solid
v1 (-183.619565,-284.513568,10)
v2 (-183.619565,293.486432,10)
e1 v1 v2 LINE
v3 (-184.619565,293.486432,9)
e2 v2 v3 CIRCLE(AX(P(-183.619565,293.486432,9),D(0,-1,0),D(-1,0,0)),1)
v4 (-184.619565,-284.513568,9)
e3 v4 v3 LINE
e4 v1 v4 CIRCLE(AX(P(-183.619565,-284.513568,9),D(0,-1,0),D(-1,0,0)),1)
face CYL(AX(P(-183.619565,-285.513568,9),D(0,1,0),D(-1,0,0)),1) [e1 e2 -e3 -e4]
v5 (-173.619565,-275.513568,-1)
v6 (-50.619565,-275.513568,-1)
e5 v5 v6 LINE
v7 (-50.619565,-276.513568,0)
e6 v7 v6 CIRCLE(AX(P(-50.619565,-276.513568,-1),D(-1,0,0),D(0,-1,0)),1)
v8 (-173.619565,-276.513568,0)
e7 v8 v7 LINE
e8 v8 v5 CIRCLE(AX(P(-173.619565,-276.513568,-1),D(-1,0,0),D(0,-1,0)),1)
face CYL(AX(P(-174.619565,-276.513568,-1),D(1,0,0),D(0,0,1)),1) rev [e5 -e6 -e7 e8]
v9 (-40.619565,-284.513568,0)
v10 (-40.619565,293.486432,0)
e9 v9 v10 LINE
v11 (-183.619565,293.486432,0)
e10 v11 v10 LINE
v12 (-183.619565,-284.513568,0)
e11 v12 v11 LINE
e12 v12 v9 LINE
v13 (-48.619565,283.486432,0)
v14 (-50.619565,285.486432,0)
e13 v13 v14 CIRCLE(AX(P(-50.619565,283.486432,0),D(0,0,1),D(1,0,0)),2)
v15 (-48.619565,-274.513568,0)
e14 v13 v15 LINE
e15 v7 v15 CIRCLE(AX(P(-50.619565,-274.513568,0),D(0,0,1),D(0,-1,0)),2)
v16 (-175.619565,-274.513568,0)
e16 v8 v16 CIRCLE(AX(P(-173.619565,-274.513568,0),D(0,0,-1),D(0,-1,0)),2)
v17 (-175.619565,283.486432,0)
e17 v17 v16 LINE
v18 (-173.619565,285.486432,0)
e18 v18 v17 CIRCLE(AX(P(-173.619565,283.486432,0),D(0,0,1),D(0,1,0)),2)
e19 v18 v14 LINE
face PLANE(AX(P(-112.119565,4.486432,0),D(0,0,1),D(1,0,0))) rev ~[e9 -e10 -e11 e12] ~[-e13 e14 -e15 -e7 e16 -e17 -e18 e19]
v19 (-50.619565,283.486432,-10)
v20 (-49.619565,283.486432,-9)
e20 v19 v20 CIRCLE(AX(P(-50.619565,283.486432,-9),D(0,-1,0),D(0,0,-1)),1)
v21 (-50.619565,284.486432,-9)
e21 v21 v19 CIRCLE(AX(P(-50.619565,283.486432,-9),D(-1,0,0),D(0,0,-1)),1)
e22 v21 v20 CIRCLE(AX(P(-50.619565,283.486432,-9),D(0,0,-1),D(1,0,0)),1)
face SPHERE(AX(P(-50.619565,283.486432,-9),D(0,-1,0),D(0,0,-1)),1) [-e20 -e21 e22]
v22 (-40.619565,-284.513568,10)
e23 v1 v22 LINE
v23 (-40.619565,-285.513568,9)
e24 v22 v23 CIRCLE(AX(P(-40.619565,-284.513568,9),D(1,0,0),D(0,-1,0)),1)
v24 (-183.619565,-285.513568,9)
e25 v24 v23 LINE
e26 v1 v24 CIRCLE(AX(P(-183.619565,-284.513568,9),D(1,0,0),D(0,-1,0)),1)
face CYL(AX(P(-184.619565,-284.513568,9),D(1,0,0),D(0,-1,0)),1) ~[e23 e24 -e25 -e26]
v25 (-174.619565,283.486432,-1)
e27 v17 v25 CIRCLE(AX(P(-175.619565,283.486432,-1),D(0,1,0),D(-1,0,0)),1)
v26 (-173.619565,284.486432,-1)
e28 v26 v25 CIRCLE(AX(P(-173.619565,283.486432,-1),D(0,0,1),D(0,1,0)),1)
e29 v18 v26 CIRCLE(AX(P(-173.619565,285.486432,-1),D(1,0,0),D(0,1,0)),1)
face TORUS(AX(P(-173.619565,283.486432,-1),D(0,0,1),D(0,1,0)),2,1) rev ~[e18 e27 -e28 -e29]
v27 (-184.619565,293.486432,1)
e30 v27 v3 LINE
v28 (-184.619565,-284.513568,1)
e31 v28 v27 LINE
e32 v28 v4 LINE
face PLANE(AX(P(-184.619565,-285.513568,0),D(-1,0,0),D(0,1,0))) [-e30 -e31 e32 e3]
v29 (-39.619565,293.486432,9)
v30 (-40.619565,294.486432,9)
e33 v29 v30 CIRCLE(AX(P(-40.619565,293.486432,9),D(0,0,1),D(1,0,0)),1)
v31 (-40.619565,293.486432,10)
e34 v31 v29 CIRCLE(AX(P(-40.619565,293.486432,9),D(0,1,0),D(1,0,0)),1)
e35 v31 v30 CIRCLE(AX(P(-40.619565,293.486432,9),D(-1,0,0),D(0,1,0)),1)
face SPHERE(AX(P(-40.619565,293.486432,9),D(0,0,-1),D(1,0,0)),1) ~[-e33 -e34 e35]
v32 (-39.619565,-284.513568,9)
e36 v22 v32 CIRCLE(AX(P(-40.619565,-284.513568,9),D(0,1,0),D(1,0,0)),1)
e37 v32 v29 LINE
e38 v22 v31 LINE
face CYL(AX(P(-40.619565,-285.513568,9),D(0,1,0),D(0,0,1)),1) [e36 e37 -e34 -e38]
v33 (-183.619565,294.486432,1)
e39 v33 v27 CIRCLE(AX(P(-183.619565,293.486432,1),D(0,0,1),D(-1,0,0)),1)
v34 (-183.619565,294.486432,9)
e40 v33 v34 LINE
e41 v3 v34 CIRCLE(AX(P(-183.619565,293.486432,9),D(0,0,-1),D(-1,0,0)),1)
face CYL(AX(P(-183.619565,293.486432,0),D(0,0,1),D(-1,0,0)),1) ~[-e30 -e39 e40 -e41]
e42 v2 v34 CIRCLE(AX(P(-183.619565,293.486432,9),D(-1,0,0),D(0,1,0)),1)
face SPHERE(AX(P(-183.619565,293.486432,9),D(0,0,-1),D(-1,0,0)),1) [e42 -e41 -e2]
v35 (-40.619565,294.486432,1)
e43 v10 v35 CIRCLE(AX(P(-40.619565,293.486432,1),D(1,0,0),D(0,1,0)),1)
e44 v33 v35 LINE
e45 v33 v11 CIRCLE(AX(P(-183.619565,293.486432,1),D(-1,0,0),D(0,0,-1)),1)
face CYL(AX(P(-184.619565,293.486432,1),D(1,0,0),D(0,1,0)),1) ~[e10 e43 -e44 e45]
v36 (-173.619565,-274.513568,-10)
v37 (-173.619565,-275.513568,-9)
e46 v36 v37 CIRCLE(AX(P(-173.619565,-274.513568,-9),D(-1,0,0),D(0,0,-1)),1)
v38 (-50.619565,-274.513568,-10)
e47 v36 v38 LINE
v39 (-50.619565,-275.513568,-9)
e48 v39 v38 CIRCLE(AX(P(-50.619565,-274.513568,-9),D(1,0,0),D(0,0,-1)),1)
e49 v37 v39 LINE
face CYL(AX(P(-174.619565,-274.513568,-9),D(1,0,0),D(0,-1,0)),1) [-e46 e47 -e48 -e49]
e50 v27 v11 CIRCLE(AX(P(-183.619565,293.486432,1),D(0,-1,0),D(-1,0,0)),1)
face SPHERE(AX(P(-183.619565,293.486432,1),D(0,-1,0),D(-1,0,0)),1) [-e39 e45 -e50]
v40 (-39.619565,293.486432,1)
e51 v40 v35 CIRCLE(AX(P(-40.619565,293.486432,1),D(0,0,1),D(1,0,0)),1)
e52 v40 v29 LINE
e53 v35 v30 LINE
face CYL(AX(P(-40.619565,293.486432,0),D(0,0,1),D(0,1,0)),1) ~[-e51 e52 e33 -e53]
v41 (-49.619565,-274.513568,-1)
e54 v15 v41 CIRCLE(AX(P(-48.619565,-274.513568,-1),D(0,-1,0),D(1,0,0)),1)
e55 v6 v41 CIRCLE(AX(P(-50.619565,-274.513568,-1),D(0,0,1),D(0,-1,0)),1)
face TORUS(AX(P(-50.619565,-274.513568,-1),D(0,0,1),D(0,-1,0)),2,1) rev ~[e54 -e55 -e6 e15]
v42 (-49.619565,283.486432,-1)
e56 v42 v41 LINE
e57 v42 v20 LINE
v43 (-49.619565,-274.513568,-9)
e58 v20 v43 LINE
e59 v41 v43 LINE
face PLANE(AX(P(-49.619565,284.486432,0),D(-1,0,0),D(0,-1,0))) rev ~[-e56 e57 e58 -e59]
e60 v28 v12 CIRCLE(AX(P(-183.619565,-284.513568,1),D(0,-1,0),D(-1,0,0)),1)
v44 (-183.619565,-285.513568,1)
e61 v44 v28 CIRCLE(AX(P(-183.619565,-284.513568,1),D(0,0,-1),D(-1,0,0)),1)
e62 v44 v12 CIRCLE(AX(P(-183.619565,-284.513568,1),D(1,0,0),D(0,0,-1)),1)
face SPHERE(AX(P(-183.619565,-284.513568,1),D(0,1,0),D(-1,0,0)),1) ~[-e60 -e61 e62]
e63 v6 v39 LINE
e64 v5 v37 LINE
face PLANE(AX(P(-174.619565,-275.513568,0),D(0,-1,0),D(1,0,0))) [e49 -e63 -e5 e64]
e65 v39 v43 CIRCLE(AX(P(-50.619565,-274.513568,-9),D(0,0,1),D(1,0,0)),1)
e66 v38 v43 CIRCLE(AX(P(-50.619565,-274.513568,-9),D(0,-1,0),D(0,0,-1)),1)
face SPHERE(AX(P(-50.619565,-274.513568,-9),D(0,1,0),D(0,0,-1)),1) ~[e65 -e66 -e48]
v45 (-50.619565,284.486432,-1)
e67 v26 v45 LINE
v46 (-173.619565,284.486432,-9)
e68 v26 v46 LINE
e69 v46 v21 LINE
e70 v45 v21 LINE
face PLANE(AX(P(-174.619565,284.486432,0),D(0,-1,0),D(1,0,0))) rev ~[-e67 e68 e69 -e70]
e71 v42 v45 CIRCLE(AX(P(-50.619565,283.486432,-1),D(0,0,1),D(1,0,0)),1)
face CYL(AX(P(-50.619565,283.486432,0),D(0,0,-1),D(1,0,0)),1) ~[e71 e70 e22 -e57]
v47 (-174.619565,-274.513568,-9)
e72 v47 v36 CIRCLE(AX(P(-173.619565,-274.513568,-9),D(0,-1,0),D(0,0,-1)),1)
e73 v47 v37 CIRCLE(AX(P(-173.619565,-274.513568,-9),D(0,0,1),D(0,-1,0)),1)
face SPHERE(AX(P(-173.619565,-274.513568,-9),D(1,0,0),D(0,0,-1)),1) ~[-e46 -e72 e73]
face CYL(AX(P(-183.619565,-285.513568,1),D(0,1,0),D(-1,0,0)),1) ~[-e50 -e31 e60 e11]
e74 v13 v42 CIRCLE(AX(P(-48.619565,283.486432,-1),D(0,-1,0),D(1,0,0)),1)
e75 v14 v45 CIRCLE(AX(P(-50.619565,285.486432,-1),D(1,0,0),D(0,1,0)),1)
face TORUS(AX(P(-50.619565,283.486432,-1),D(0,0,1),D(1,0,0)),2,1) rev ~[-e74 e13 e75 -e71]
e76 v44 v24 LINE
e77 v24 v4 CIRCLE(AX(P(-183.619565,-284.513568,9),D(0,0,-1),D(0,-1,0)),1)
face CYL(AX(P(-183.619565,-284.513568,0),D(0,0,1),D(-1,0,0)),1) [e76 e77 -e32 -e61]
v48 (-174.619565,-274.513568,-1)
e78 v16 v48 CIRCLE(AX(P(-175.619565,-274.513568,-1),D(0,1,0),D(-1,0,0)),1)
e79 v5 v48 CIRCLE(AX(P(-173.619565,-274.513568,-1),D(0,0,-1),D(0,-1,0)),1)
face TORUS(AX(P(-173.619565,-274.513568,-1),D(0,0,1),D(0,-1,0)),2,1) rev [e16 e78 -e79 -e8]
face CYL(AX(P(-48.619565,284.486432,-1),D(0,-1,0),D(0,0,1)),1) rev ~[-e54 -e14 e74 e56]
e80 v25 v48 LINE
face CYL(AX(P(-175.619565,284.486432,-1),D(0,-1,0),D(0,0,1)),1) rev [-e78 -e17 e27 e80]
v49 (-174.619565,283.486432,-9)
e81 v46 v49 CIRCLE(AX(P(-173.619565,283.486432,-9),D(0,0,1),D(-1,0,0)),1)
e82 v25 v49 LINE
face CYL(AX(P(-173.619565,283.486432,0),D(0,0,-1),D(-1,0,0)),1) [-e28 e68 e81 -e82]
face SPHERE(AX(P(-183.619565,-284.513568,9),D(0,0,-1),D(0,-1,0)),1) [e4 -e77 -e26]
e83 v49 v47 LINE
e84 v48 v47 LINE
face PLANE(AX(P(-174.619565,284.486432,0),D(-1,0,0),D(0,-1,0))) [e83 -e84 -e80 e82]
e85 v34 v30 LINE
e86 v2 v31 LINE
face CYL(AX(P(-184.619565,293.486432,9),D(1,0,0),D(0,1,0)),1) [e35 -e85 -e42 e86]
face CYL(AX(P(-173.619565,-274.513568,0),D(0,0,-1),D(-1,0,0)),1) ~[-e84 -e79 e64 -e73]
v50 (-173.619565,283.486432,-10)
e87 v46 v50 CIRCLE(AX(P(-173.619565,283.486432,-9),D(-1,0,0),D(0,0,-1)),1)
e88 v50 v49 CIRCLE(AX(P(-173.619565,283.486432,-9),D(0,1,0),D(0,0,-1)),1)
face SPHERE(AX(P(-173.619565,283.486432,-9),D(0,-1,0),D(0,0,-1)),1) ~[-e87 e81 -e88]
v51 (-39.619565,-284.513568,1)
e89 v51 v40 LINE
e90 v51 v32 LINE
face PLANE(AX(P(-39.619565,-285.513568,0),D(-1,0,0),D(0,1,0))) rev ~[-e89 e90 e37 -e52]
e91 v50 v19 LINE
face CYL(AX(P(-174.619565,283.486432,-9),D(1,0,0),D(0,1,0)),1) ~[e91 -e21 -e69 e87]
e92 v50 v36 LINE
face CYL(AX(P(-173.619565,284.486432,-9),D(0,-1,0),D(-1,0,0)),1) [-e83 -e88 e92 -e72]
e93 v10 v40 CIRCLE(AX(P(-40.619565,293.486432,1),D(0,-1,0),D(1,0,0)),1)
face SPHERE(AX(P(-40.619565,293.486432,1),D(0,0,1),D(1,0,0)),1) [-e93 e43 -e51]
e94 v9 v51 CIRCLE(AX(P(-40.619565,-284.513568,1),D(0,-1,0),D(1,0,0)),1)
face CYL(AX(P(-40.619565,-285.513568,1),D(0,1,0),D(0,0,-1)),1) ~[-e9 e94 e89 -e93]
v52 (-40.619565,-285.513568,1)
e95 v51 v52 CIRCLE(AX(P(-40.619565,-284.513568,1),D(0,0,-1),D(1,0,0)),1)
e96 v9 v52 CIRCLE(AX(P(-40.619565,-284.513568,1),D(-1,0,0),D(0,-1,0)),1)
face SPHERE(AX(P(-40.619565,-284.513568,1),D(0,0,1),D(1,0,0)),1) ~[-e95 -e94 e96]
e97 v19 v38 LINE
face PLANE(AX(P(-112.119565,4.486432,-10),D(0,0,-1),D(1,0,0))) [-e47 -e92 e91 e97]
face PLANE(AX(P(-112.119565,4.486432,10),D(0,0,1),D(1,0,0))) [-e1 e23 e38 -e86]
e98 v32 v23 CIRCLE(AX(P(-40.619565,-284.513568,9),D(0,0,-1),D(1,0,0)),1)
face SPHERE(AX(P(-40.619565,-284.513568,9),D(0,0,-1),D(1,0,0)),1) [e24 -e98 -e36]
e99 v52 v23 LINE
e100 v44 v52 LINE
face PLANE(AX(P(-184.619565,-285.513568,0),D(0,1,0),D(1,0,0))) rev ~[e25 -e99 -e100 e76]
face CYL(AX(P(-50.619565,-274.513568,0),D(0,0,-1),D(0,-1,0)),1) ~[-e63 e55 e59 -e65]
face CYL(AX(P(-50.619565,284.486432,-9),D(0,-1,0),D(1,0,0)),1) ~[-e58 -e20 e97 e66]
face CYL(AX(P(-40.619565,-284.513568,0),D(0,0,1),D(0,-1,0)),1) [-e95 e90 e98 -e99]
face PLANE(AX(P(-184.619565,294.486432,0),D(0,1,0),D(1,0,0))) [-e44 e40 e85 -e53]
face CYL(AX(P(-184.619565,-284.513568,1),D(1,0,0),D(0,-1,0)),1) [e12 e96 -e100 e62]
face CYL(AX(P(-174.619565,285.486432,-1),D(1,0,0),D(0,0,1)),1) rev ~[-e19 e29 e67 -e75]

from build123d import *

# Parameters (mm, degrees)
F0_W     = 145
F0_H     = 580
F1_DEPTH = 10
F2_W     = 125
F2_H     = 560
F3_DEPTH = 10
F4_R     = 1


with BuildPart() as f1:
    # F0 (on Top) → F1 (new body)
    with BuildSketch(Plane.XY):
        with Locations((-112.119565, 4.486432)):
            Rectangle(F0_W, F0_H)
    extrude(amount=F1_DEPTH)

    # F2 (on face) → F3 (join)
    with BuildSketch(Plane(origin=(0, 0, 0), x_dir=(1, 0, 0), z_dir=(0, 0, -1))):
        with Locations((-112.119565, -4.486432)):
            Rectangle(F2_W, F2_H)
    extrude(amount=F3_DEPTH)

    # F4
    f4_edges = [f1.edges().sort_by_distance(p)[0] for p in [
        (-49.619565, 4.486432, -10),
        (-112.119565, -275.513568, -10),
        (-174.619565, 4.486432, -10),
        (-112.119565, 284.486432, -10),
        (-184.619565, 4.486432, 0),
        (-49.619565, -275.513568, -5),
        (-174.619565, -275.513568, -5),
        (-112.119565, -275.513568, 0),
        (-49.619565, 284.486432, -5),
        (-49.619565, 4.486432, 0),
        (-39.619565, -285.513568, 5),
        (-39.619565, 294.486432, 5),
        (-39.619565, 4.486432, 0),
        (-39.619565, 4.486432, 10),
        (-184.619565, -285.513568, 5),
        (-112.119565, -285.513568, 0),
        (-112.119565, -285.513568, 10),
        (-184.619565, 294.486432, 5),
        (-184.619565, 4.486432, 10),
        (-112.119565, 294.486432, 0),
        (-112.119565, 294.486432, 10),
        (-174.619565, 284.486432, -5),
        (-112.119565, 284.486432, 0),
        (-174.619565, 4.486432, 0),
    ]]
    fillet(f4_edges, radius=F4_R)


solid = f1.part
